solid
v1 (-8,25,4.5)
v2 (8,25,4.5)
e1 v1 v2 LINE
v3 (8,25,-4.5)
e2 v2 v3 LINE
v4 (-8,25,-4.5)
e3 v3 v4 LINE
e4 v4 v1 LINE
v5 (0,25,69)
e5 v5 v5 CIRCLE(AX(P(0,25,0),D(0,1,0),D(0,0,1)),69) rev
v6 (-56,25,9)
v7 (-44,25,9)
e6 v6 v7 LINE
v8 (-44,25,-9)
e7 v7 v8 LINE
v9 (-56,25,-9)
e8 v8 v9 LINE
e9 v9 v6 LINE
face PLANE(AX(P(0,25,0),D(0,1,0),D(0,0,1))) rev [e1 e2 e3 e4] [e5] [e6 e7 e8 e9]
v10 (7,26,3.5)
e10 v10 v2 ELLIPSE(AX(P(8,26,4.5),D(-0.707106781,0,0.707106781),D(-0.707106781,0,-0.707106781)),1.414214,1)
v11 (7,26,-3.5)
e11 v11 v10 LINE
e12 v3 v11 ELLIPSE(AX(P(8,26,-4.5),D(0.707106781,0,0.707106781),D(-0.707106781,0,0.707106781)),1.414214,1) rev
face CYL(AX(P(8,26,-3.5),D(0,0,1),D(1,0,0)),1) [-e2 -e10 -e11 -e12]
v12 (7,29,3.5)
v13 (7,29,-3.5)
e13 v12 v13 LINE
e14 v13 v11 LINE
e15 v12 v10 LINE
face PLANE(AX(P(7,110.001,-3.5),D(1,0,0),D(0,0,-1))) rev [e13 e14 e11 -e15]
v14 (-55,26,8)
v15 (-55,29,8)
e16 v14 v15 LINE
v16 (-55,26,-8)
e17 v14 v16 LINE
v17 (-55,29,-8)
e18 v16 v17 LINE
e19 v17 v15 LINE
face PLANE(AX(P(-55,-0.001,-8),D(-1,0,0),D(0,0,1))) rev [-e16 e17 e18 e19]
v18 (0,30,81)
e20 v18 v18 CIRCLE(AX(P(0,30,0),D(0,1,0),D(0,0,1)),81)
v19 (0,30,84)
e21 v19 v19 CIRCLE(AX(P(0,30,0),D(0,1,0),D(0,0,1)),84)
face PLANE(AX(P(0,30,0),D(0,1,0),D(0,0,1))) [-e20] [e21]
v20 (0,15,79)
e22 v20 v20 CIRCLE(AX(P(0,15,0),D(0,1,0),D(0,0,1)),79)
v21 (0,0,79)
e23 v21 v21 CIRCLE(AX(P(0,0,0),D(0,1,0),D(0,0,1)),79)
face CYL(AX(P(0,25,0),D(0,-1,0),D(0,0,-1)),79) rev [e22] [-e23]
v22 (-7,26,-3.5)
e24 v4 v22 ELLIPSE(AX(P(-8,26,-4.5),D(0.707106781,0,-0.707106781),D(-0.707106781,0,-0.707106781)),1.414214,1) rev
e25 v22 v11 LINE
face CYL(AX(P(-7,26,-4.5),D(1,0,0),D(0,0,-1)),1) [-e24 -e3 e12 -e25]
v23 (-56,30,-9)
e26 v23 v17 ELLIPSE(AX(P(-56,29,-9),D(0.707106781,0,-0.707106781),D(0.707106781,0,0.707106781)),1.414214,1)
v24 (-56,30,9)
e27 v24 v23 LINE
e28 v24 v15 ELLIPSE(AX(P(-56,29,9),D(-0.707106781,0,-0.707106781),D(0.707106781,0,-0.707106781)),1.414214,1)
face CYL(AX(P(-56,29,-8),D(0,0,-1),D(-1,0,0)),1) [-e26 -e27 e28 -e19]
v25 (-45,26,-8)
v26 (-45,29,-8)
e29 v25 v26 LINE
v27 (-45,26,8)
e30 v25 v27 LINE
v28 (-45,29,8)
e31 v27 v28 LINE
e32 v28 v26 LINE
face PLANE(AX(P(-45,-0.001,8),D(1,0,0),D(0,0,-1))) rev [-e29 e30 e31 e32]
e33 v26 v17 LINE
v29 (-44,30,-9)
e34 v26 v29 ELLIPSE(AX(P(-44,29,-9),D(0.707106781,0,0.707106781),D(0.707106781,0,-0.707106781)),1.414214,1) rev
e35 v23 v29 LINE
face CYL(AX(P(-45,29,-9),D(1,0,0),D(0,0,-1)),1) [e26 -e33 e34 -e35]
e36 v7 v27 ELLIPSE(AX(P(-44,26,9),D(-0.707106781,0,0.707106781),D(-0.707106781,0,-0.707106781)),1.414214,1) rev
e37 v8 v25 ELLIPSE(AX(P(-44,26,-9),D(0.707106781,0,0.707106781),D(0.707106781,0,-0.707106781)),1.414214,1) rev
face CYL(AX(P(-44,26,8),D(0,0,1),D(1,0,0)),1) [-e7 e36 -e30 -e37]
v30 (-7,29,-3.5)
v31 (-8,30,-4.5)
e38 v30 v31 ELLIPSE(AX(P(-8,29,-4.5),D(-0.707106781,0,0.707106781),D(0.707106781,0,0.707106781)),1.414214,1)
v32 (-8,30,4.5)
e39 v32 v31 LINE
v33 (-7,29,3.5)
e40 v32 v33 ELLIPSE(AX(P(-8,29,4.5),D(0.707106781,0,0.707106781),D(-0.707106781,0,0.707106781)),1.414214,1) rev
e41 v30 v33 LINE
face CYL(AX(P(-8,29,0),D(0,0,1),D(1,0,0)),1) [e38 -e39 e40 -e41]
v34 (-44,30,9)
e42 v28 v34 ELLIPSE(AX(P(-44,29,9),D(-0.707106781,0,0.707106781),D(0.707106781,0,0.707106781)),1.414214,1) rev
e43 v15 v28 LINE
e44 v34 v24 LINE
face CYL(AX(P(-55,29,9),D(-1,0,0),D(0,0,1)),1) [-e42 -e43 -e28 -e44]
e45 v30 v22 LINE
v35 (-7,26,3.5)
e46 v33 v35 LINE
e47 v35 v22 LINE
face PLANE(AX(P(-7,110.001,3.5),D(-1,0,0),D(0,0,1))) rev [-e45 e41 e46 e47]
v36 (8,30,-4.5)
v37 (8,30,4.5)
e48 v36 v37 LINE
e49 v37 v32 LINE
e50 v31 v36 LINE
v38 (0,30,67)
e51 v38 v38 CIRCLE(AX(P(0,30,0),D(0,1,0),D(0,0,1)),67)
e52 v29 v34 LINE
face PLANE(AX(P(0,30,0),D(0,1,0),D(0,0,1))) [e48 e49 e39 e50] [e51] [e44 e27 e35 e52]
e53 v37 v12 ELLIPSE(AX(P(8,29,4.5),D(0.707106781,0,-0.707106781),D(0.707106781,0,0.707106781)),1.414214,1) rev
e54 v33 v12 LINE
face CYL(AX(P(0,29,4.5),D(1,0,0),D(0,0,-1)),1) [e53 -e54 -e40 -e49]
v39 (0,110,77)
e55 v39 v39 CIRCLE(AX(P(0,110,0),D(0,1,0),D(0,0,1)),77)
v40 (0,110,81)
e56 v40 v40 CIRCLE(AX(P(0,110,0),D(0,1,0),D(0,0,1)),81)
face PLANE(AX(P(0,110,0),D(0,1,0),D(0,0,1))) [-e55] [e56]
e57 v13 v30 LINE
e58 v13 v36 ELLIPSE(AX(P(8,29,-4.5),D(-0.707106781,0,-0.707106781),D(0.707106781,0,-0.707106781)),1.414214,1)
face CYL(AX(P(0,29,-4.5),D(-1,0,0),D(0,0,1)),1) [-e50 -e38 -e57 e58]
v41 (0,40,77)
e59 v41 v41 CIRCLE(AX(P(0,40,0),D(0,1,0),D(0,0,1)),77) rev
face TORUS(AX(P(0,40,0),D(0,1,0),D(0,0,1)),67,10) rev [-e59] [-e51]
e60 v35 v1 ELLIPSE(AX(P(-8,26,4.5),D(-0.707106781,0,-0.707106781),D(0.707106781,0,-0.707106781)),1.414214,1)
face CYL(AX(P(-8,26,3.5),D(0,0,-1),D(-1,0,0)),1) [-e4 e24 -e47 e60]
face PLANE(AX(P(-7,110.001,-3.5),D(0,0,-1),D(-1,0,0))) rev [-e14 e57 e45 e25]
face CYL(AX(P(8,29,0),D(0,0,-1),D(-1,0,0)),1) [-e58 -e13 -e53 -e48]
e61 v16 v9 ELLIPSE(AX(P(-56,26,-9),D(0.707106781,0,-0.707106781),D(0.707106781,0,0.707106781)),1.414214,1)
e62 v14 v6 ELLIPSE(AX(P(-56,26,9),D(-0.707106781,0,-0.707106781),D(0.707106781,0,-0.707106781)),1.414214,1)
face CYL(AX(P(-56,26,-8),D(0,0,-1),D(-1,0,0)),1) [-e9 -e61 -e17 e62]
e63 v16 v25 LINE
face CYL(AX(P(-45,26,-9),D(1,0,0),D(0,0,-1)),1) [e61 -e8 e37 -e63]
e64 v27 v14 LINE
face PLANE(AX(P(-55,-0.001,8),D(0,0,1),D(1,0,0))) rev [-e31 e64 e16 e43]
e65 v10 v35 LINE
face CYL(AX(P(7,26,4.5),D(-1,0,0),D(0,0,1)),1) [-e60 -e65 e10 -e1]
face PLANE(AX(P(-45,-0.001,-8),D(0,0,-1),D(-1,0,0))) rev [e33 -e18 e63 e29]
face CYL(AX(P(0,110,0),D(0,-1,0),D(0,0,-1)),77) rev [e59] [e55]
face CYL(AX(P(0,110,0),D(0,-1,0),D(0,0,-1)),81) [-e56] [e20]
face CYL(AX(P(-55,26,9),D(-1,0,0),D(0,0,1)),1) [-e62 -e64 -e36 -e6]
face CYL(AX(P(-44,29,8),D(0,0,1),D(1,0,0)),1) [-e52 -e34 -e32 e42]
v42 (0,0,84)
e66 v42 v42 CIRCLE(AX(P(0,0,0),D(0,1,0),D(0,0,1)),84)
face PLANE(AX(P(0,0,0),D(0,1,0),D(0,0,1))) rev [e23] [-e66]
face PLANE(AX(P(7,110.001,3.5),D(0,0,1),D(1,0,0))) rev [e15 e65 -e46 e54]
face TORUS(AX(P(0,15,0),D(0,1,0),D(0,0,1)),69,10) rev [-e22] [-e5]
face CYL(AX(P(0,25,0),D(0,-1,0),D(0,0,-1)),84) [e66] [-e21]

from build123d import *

# Parameters (mm, degrees)
SKETCH1_R           = 84
SKETCH1_R_2         = 79
BOSS_EXTRUDE1_DEPTH = 25
SKETCH2_R           = 84
BOSS_EXTRUDE2_DEPTH = 5
SKETCH3_R           = 81
SKETCH3_R_2         = 77
BOSS_EXTRUDE3_DEPTH = 80
FILLET1_R           = 10
CUT_EXTRUDE1_REACH  = 148.072
SKETCH4_W           = 14
SKETCH4_H           = 7
CUT_EXTRUDE2_REACH  = 145.22
SKETCH5_W           = 10
SKETCH5_H           = 16
FILLET2_R           = 1


with BuildPart() as part:
    # Sketch1 → Boss-Extrude1 (new body)
    with BuildSketch(Plane(origin=(0, 0, 0), x_dir=(1, 0, 0), z_dir=(0, 1, 0))):
        with Locations(Location((0, 0, 0), (0, 0, 270))):
            Circle(SKETCH1_R)
        with Locations(Location((0, 0, 0), (0, 0, 270))):
            Circle(SKETCH1_R_2, mode=Mode.SUBTRACT)
    extrude(amount=BOSS_EXTRUDE1_DEPTH)

    # Sketch2 → Boss-Extrude2 (add)
    with BuildSketch(Plane(origin=(0, 25, 0), x_dir=(1, 0, 0), z_dir=(0, 1, 0))):
        with Locations(Location((0, 0, 0), (0, 0, 270))):
            Circle(SKETCH2_R)
    extrude(amount=BOSS_EXTRUDE2_DEPTH)

    # Sketch3 → Boss-Extrude3 (add)
    with BuildSketch(Plane(origin=(0, 30, 0), x_dir=(1, 0, 0), z_dir=(0, 1, 0))):
        with Locations(Location((0, 0, 0), (0, 0, 270))):
            Circle(SKETCH3_R)
        with Locations(Location((0, 0, 0), (0, 0, 270))):
            Circle(SKETCH3_R_2, mode=Mode.SUBTRACT)
    extrude(amount=BOSS_EXTRUDE3_DEPTH)

    # Fillet1
    fillet1_edges = [part.edges().sort_by_distance(p)[0] for p in [
        (0, 25, -79),
        (0, 30, -77),
    ]]
    fillet(fillet1_edges, radius=FILLET1_R)

    # Sketch4 → Cut-Extrude1 (cut, up to next)
    with BuildSketch(Plane.XZ.offset(-25), mode=Mode.PRIVATE) as cut_extrude1_sk1:
        Rectangle(SKETCH4_W, SKETCH4_H)
    cut_extrude1_tool1 = extrude(cut_extrude1_sk1.sketch, amount=-CUT_EXTRUDE1_REACH, mode=Mode.PRIVATE) & part.part
    add(cut_extrude1_tool1.solids().sort_by_distance((0, 25, 0))[0], mode=Mode.SUBTRACT)

    # Sketch5 → Cut-Extrude2 (cut, up to next)
    with BuildSketch(Plane(origin=(0, 30, 0), x_dir=(1, 0, 0), z_dir=(0, 1, 0)), mode=Mode.PRIVATE) as cut_extrude2_sk1:
        with Locations((-50, 0)):
            Rectangle(SKETCH5_W, SKETCH5_H)
    cut_extrude2_tool1 = extrude(cut_extrude2_sk1.sketch, amount=-CUT_EXTRUDE2_REACH, mode=Mode.PRIVATE) & part.part
    add(cut_extrude2_tool1.solids().sort_by_distance((-50, 30, 0))[0], mode=Mode.SUBTRACT)

    # Fillet2
    fillet2_edges = [part.edges().sort_by_distance(p)[0] for p in [
        (0, 30, 3.5),
        (7, 30, 0),
        (0, 30, -3.5),
        (-7, 30, 0),
        (0, 25, 3.5),
        (-7, 25, 0),
        (0, 25, -3.5),
        (7, 25, 0),
        (-55, 30, 0),
        (-50, 30, 8),
        (-45, 30, 0),
        (-50, 30, -8),
        (-50, 25, 8),
        (-55, 25, 0),
        (-50, 25, -8),
        (-45, 25, 0),
    ]]
    fillet(fillet2_edges, radius=FILLET2_R)


solid = part.part
